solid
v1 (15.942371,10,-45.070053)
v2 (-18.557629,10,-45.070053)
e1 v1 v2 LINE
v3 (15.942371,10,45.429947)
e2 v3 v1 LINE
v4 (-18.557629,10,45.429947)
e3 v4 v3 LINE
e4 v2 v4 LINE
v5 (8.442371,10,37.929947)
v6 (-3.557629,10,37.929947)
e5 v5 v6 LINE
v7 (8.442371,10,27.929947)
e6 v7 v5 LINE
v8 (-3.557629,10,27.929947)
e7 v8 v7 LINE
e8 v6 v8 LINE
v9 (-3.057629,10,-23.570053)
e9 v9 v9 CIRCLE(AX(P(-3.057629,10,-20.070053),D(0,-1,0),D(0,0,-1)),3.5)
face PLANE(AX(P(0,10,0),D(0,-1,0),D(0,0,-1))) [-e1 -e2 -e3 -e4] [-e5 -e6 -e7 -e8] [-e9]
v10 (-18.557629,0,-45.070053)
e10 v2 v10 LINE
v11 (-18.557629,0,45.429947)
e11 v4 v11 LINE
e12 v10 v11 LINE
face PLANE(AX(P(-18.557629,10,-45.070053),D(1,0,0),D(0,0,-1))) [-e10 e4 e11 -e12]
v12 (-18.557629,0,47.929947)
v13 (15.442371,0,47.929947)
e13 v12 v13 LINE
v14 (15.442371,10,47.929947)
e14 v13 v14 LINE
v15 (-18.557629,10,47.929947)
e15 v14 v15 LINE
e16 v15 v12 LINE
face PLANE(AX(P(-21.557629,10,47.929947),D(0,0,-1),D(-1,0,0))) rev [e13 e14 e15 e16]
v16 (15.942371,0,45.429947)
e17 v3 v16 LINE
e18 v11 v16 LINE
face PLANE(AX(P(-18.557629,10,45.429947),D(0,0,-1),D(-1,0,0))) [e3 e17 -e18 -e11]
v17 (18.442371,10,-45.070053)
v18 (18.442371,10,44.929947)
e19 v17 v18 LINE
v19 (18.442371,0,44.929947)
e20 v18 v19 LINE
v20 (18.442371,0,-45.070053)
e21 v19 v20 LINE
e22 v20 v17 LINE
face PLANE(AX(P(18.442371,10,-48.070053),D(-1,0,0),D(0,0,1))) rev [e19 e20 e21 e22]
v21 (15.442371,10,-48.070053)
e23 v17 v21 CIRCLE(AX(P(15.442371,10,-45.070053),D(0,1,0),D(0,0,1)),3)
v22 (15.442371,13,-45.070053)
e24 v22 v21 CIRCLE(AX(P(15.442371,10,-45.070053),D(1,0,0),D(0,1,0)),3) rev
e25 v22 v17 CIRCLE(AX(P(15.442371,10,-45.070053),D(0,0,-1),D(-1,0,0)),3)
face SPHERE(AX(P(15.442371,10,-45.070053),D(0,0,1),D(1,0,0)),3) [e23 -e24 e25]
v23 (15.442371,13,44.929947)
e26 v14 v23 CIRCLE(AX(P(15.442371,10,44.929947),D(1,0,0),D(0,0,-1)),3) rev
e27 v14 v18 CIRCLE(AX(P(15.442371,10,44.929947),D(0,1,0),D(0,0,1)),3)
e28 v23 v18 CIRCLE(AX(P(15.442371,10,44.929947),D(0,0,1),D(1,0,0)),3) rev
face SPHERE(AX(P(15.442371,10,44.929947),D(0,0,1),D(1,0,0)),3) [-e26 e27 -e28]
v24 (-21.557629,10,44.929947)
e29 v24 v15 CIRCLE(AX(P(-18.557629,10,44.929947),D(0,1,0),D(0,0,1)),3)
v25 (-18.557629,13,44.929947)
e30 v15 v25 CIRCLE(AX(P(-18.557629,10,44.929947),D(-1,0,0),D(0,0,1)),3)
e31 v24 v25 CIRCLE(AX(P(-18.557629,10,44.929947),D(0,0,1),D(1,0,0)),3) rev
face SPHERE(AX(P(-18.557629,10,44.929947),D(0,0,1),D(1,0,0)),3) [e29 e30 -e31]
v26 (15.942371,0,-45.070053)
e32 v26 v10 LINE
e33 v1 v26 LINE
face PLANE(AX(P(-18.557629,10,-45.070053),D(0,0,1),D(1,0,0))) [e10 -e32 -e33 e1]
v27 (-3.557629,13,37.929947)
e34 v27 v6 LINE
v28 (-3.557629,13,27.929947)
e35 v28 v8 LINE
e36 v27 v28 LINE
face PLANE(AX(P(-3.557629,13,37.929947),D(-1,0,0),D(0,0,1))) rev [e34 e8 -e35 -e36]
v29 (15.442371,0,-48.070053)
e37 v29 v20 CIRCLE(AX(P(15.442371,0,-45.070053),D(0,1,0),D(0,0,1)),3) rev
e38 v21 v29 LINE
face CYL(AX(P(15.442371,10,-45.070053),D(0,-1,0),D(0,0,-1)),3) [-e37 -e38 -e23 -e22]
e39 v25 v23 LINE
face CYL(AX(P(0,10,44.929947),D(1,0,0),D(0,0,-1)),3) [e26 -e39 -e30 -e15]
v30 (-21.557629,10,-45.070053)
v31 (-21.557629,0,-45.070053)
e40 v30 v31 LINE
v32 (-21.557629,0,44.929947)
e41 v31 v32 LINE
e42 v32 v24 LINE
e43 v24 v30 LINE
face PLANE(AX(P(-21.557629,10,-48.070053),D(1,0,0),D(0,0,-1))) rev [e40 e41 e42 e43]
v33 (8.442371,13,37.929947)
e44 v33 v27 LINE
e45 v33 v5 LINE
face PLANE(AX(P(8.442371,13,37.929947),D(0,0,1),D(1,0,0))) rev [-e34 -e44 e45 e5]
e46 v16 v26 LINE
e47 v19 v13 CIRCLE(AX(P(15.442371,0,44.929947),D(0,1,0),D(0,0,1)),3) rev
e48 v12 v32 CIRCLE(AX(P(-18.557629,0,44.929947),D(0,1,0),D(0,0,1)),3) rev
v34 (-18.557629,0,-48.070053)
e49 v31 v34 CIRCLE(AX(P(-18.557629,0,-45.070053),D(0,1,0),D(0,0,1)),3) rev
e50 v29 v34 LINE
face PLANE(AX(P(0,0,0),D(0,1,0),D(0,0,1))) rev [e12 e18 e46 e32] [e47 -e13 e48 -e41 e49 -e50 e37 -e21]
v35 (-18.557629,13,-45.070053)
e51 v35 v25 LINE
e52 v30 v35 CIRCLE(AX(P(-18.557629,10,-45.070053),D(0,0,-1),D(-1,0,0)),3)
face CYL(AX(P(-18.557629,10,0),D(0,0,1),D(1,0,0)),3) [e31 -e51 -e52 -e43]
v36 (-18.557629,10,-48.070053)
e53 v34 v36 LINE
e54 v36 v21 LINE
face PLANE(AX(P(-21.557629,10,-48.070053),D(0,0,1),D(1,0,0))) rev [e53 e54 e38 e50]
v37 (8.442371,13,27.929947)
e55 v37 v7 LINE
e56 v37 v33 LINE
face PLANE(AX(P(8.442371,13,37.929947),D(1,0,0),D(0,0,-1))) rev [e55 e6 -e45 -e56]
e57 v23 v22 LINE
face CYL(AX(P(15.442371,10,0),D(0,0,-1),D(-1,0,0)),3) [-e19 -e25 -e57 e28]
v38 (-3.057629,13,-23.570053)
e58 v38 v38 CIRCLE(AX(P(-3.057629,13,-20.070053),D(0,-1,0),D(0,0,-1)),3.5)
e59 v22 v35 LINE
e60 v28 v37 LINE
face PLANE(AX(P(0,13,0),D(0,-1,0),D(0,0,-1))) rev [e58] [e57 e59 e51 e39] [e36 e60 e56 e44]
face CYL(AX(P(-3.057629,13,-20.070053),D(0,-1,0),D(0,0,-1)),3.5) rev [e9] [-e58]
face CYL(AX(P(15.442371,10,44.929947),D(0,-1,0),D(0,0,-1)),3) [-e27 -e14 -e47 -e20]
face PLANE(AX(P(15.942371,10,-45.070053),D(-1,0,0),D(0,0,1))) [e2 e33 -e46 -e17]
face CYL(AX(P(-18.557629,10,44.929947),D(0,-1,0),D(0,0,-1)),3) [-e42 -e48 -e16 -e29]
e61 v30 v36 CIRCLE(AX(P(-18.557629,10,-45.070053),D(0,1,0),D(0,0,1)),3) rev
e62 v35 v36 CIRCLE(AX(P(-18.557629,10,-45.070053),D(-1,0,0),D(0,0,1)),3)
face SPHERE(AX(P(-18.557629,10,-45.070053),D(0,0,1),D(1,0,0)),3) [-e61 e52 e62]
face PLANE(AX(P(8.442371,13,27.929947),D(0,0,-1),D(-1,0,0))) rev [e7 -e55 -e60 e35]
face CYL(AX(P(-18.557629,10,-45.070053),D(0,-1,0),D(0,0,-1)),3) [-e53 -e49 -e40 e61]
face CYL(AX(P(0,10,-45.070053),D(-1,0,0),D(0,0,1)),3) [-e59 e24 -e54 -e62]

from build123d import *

# Parameters (mm, degrees)
ESBO_O1_W                = 40
ESBO_O1_H                = 96
ESBO_O1_W_2              = 34.5
ESBO_O1_H_2              = 90.5
RESSALTO_EXTRUS_O1_DEPTH = 10
ESBO_O2_W                = 40
ESBO_O2_H                = 96
RESSALTO_EXTRUS_O2_DEPTH = 3
ESBO_O3_R                = 3.5
CORTE_EXTRUS_O1_DEPTH    = 3
ESBO_O4_W                = 12
ESBO_O4_H                = 10
CORTE_EXTRUS_O2_DEPTH    = 3
FILETE1_R                = 3
ESBO_O5_RX               = 3.5
ESBO_O5_RY               = 3.5
ESBO_O5_W                = 12
ESBO_O5_H                = 10
RESSALTO_EXTRUS_O3_DEPTH = 3
ESBO_O6_R                = 3.5
CORTE_EXTRUS_O3_DEPTH    = 3
ESBO_O7_W                = 12
ESBO_O7_H                = 10
CORTE_EXTRUS_O4_DEPTH    = 3
ESBO_O8_R                = 3.5
ESBO_O8_W                = 12
ESBO_O8_H                = 10
RESSALTO_EXTRUS_O4_DEPTH = 3
ESBO_O9_R                = 3.5
ESBO_O9_W                = 12
ESBO_O9_H                = 10
CORTE_EXTRUS_O5_DEPTH    = 3


with BuildPart() as part:
    # Esboço1 → Ressalto-extrusão1 (new body)
    with BuildSketch(Plane(origin=(0, 0, 0), x_dir=(1, 0, 0), z_dir=(0, 1, 0))):
        with Locations((-1.557629238, 0.07005309)):
            Rectangle(ESBO_O1_W, ESBO_O1_H)
        with Locations((-1.307629238, -0.17994691)):
            Rectangle(ESBO_O1_W_2, ESBO_O1_H_2, mode=Mode.SUBTRACT)
    extrude(amount=RESSALTO_EXTRUS_O1_DEPTH)

    # Esboço2 → Ressalto-extrusão2 (add)
    with BuildSketch(Plane(origin=(0, 10, 0), x_dir=(1, 0, 0), z_dir=(0, 1, 0))):
        with Locations((-1.557629238, 0.07005309)):
            Rectangle(ESBO_O2_W, ESBO_O2_H)
    extrude(amount=RESSALTO_EXTRUS_O2_DEPTH)

    # Esboço3 → Corte-extrusão1 (cut)
    with BuildSketch(Plane.XZ.offset(-10)):
        with Locations(Location((-4.557629238, 23.42994691, 0), (0, 0, 270))):
            Circle(ESBO_O3_R)
    extrude(amount=-CORTE_EXTRUS_O1_DEPTH, mode=Mode.SUBTRACT)

    # Esboço4 → Corte-extrusão2 (cut)
    with BuildSketch(Plane.XZ.offset(-10)):
        with Locations((-7.557629238, -36.07005309)):
            Rectangle(ESBO_O4_W, ESBO_O4_H)
    extrude(amount=-CORTE_EXTRUS_O2_DEPTH, mode=Mode.SUBTRACT)

    # Filete1
    filete1_edges = [part.edges().sort_by_distance(p)[0] for p in [
        (-21.557629238, 13, -0.07005309),
        (-1.557629238, 13, 47.92994691),
        (18.442370762, 13, -0.07005309),
        (-1.557629238, 13, -48.07005309),
        (-21.557629238, 6.5, -48.07005309),
        (18.442370762, 6.5, -48.07005309),
        (18.442370762, 6.5, 47.92994691),
        (-21.557629238, 6.5, 47.92994691),
    ]]
    fillet(filete1_edges, radius=FILETE1_R)

    # Esboço5 → Ressalto-extrusão3 (add)
    with BuildSketch(Plane.XZ.offset(-10)):
        with Locations(Location((-4.557629238, 23.42994691), (0, 0, -90))):
            Ellipse(ESBO_O5_RX, ESBO_O5_RY)
        with Locations((-7.557629238, -36.07005309)):
            Rectangle(ESBO_O5_W, ESBO_O5_H)
    extrude(amount=-RESSALTO_EXTRUS_O3_DEPTH)

    # Esboço6 → Corte-extrusão3 (cut)
    with BuildSketch(Plane.XZ.offset(-10)):
        with Locations(Location((-2.557629238, 20.92994691, 0), (0, 0, 270))):
            Circle(ESBO_O6_R)
    extrude(amount=-CORTE_EXTRUS_O3_DEPTH, mode=Mode.SUBTRACT)

    # Esboço7 → Corte-extrusão4 (cut)
    with BuildSketch(Plane.XZ.offset(-10)):
        with Locations((-7.557629238, -36.07005309)):
            Rectangle(ESBO_O7_W, ESBO_O7_H)
    extrude(amount=-CORTE_EXTRUS_O4_DEPTH, mode=Mode.SUBTRACT)

    # Esboço8 → Ressalto-extrusão4 (add)
    with BuildSketch(Plane.XZ.offset(-10)):
        with Locations((-2.557629238, 20.92994691)):
            Circle(ESBO_O8_R)
        with Locations((-7.557629238, -36.07005309)):
            Rectangle(ESBO_O8_W, ESBO_O8_H)
    extrude(amount=-RESSALTO_EXTRUS_O4_DEPTH)

    # Esboço9 → Corte-extrusão5 (cut)
    with BuildSketch(Plane(origin=(0, 10, 0), x_dir=(-1, 0, 0), z_dir=(0, -1, 0))):
        with Locations(Location((3.057629238, 20.07005309, 0), (0, 0, 90))):
            Circle(ESBO_O9_R)
        with Locations((-2.442370762, -32.92994691)):
            Rectangle(ESBO_O9_W, ESBO_O9_H)
    extrude(amount=-CORTE_EXTRUS_O5_DEPTH, mode=Mode.SUBTRACT)


solid = part.part
